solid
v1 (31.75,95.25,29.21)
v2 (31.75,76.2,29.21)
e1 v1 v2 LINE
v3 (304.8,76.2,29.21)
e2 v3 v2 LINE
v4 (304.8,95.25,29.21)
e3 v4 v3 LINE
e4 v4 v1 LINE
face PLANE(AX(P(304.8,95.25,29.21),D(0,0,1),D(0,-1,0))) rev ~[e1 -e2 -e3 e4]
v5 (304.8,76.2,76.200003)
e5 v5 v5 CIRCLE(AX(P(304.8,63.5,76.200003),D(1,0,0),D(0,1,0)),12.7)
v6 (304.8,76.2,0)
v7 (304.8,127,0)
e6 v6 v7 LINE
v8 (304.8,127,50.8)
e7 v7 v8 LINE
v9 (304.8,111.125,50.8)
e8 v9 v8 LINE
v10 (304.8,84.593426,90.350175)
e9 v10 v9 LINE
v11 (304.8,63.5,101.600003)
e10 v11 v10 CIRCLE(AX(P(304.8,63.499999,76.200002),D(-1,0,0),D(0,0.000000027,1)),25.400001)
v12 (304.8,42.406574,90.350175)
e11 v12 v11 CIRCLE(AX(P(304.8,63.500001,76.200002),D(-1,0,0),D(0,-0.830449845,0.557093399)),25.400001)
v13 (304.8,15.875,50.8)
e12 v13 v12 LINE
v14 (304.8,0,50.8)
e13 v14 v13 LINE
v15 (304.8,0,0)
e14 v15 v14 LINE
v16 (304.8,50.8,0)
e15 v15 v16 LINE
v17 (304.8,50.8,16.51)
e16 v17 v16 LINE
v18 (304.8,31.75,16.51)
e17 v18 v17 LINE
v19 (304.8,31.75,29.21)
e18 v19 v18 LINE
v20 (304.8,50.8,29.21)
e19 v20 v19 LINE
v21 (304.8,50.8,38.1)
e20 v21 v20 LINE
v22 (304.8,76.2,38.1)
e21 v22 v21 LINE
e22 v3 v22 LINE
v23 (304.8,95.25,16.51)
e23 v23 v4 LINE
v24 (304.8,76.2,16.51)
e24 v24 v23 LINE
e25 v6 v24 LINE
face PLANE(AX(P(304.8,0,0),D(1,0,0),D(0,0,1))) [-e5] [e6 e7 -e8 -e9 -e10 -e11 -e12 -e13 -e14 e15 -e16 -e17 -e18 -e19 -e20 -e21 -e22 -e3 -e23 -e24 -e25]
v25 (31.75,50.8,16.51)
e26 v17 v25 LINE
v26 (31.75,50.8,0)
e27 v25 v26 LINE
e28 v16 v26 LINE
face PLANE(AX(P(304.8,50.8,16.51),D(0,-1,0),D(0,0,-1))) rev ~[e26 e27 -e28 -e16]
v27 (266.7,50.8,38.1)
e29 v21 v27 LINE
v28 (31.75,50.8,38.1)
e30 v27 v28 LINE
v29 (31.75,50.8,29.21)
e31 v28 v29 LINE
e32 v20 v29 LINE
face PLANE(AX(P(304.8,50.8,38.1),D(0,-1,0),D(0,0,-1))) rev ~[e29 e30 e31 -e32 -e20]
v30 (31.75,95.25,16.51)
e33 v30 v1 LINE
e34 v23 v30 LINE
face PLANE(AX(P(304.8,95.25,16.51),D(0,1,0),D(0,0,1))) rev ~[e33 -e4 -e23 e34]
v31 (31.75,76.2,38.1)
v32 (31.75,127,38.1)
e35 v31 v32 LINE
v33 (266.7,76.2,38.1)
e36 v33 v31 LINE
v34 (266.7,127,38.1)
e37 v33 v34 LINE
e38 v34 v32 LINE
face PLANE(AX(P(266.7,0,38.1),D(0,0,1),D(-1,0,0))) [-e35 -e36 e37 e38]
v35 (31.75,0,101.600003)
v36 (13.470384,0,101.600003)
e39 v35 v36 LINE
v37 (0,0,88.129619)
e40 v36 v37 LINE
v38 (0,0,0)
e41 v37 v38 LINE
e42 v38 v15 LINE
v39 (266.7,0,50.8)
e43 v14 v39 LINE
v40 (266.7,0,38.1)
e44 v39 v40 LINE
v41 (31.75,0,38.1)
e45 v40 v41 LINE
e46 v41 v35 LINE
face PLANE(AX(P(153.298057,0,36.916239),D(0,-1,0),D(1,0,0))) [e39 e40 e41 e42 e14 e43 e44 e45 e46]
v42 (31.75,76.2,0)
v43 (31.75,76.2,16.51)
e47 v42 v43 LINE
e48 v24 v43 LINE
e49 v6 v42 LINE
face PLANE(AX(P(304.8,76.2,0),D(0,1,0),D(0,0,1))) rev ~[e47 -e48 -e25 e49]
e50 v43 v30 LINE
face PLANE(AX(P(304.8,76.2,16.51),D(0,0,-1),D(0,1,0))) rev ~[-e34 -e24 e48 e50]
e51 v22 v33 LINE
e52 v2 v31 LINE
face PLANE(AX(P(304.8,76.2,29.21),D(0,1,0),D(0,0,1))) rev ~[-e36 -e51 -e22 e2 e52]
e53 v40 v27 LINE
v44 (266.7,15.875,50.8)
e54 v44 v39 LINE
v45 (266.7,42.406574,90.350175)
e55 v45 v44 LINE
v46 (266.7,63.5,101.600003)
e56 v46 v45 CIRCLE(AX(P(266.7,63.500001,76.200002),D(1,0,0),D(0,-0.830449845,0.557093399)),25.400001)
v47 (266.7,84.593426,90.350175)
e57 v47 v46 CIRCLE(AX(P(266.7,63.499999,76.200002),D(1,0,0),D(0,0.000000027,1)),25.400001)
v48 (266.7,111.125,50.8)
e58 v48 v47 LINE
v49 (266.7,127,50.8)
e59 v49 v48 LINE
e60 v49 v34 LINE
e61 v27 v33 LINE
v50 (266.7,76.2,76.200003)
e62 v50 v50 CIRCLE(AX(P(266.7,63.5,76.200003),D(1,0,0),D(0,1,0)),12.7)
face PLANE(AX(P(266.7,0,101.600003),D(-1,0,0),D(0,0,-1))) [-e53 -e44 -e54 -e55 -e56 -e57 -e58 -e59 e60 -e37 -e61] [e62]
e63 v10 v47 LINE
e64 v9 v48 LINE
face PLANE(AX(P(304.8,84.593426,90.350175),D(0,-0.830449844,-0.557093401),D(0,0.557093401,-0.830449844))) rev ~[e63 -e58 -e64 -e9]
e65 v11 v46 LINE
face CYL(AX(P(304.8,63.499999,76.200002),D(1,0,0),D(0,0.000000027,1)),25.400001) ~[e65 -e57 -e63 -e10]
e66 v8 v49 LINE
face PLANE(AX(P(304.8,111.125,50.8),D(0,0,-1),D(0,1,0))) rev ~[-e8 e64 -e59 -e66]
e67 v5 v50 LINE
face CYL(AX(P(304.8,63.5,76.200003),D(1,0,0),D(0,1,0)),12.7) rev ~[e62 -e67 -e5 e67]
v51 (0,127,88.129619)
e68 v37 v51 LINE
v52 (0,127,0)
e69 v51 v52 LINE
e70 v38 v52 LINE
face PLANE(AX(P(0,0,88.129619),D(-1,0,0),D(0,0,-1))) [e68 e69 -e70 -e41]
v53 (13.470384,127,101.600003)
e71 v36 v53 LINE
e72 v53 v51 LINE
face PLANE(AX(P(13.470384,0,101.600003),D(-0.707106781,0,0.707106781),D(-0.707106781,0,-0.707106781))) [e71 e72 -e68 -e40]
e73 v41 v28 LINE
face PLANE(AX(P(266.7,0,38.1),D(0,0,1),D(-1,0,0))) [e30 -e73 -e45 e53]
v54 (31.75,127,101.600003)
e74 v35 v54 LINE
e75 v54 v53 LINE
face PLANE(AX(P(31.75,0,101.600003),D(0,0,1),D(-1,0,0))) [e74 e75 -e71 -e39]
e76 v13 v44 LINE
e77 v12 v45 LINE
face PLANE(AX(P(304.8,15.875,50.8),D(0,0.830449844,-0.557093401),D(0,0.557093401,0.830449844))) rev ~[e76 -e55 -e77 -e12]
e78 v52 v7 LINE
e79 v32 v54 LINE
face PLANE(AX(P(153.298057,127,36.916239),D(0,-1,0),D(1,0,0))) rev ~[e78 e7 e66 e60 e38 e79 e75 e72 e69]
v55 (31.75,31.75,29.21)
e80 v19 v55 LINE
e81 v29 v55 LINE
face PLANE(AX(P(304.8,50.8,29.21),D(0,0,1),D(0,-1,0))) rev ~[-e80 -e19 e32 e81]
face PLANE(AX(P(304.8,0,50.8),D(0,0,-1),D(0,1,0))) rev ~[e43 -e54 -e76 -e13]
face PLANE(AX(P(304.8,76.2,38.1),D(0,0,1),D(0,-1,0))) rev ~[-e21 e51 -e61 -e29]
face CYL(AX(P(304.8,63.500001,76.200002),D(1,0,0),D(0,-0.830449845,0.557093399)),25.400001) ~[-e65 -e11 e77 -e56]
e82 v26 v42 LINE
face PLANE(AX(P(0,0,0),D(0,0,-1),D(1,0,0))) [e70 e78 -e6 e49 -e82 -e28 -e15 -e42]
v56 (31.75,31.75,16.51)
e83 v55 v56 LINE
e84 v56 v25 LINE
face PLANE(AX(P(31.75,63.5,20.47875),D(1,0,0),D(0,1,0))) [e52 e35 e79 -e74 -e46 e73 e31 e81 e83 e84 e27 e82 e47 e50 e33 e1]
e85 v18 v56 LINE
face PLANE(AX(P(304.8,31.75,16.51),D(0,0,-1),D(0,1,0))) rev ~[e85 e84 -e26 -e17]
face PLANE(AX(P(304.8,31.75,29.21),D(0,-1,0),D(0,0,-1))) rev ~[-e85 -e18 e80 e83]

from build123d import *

# Parameters (mm, degrees)
F1_DEPTH = 127
F3_DEPTH = 273.05
F4_R     = 12.7
F5_DEPTH = 50.8
F6_DEPTH = 50.8


with BuildPart() as f1:
    # F0 (on Front) → F1 (new body)
    with BuildSketch(Plane.XZ):
        Polygon((0, 88.129619), (0, 0), (304.8, 0), (304.8, 101.600003), (266.7, 101.600003), (266.7, 38.1), (31.75, 38.1), (31.75, 101.600003), (13.470384, 101.600003), align=None)
    extrude(amount=-F1_DEPTH)

    # F2 (on face) → F3 (cut)
    with BuildSketch(Plane.YZ.offset(304.8)):
        Polygon((50.8, 16.51), (50.8, 0), (76.2, 0), (76.2, 16.51), (95.25, 16.51), (95.25, 29.21), (76.2, 29.21), (76.2, 38.1), (50.8, 38.1), (50.8, 29.21), (31.75, 29.21), (31.75, 16.51), align=None)
    extrude(amount=-F3_DEPTH, mode=Mode.SUBTRACT)

    # F4 (on face) → F5 (cut)
    with BuildSketch(Plane.YZ.offset(304.8)):
        with Locations((63.5, 76.200003)):
            Circle(F4_R)
    extrude(amount=-F5_DEPTH, mode=Mode.SUBTRACT)

    # F4 (on face) → F6 (cut)
    with BuildSketch(Plane.YZ.offset(304.8)):
        with BuildLine():
            Line((0, 101.600003), (0, 50.8))
            Line((0, 50.8), (15.875, 50.8))
            Line((15.875, 50.8), (42.406574, 90.350175))
            ThreePointArc((42.406574, 90.350175), (51.547058, 98.611767), (63.5, 101.600003))
            Line((63.5, 101.600003), (0, 101.600003))
        make_face()
        with BuildLine():
            Line((127, 101.600003), (63.5, 101.600003))
            ThreePointArc((63.5, 101.600003), (75.452942, 98.611767), (84.593426, 90.350175))
            Line((84.593426, 90.350175), (111.125, 50.8))
            Line((111.125, 50.8), (127, 50.8))
            Line((127, 50.8), (127, 101.600003))
        make_face()
    extrude(amount=-F6_DEPTH, mode=Mode.SUBTRACT)


solid = f1.part
